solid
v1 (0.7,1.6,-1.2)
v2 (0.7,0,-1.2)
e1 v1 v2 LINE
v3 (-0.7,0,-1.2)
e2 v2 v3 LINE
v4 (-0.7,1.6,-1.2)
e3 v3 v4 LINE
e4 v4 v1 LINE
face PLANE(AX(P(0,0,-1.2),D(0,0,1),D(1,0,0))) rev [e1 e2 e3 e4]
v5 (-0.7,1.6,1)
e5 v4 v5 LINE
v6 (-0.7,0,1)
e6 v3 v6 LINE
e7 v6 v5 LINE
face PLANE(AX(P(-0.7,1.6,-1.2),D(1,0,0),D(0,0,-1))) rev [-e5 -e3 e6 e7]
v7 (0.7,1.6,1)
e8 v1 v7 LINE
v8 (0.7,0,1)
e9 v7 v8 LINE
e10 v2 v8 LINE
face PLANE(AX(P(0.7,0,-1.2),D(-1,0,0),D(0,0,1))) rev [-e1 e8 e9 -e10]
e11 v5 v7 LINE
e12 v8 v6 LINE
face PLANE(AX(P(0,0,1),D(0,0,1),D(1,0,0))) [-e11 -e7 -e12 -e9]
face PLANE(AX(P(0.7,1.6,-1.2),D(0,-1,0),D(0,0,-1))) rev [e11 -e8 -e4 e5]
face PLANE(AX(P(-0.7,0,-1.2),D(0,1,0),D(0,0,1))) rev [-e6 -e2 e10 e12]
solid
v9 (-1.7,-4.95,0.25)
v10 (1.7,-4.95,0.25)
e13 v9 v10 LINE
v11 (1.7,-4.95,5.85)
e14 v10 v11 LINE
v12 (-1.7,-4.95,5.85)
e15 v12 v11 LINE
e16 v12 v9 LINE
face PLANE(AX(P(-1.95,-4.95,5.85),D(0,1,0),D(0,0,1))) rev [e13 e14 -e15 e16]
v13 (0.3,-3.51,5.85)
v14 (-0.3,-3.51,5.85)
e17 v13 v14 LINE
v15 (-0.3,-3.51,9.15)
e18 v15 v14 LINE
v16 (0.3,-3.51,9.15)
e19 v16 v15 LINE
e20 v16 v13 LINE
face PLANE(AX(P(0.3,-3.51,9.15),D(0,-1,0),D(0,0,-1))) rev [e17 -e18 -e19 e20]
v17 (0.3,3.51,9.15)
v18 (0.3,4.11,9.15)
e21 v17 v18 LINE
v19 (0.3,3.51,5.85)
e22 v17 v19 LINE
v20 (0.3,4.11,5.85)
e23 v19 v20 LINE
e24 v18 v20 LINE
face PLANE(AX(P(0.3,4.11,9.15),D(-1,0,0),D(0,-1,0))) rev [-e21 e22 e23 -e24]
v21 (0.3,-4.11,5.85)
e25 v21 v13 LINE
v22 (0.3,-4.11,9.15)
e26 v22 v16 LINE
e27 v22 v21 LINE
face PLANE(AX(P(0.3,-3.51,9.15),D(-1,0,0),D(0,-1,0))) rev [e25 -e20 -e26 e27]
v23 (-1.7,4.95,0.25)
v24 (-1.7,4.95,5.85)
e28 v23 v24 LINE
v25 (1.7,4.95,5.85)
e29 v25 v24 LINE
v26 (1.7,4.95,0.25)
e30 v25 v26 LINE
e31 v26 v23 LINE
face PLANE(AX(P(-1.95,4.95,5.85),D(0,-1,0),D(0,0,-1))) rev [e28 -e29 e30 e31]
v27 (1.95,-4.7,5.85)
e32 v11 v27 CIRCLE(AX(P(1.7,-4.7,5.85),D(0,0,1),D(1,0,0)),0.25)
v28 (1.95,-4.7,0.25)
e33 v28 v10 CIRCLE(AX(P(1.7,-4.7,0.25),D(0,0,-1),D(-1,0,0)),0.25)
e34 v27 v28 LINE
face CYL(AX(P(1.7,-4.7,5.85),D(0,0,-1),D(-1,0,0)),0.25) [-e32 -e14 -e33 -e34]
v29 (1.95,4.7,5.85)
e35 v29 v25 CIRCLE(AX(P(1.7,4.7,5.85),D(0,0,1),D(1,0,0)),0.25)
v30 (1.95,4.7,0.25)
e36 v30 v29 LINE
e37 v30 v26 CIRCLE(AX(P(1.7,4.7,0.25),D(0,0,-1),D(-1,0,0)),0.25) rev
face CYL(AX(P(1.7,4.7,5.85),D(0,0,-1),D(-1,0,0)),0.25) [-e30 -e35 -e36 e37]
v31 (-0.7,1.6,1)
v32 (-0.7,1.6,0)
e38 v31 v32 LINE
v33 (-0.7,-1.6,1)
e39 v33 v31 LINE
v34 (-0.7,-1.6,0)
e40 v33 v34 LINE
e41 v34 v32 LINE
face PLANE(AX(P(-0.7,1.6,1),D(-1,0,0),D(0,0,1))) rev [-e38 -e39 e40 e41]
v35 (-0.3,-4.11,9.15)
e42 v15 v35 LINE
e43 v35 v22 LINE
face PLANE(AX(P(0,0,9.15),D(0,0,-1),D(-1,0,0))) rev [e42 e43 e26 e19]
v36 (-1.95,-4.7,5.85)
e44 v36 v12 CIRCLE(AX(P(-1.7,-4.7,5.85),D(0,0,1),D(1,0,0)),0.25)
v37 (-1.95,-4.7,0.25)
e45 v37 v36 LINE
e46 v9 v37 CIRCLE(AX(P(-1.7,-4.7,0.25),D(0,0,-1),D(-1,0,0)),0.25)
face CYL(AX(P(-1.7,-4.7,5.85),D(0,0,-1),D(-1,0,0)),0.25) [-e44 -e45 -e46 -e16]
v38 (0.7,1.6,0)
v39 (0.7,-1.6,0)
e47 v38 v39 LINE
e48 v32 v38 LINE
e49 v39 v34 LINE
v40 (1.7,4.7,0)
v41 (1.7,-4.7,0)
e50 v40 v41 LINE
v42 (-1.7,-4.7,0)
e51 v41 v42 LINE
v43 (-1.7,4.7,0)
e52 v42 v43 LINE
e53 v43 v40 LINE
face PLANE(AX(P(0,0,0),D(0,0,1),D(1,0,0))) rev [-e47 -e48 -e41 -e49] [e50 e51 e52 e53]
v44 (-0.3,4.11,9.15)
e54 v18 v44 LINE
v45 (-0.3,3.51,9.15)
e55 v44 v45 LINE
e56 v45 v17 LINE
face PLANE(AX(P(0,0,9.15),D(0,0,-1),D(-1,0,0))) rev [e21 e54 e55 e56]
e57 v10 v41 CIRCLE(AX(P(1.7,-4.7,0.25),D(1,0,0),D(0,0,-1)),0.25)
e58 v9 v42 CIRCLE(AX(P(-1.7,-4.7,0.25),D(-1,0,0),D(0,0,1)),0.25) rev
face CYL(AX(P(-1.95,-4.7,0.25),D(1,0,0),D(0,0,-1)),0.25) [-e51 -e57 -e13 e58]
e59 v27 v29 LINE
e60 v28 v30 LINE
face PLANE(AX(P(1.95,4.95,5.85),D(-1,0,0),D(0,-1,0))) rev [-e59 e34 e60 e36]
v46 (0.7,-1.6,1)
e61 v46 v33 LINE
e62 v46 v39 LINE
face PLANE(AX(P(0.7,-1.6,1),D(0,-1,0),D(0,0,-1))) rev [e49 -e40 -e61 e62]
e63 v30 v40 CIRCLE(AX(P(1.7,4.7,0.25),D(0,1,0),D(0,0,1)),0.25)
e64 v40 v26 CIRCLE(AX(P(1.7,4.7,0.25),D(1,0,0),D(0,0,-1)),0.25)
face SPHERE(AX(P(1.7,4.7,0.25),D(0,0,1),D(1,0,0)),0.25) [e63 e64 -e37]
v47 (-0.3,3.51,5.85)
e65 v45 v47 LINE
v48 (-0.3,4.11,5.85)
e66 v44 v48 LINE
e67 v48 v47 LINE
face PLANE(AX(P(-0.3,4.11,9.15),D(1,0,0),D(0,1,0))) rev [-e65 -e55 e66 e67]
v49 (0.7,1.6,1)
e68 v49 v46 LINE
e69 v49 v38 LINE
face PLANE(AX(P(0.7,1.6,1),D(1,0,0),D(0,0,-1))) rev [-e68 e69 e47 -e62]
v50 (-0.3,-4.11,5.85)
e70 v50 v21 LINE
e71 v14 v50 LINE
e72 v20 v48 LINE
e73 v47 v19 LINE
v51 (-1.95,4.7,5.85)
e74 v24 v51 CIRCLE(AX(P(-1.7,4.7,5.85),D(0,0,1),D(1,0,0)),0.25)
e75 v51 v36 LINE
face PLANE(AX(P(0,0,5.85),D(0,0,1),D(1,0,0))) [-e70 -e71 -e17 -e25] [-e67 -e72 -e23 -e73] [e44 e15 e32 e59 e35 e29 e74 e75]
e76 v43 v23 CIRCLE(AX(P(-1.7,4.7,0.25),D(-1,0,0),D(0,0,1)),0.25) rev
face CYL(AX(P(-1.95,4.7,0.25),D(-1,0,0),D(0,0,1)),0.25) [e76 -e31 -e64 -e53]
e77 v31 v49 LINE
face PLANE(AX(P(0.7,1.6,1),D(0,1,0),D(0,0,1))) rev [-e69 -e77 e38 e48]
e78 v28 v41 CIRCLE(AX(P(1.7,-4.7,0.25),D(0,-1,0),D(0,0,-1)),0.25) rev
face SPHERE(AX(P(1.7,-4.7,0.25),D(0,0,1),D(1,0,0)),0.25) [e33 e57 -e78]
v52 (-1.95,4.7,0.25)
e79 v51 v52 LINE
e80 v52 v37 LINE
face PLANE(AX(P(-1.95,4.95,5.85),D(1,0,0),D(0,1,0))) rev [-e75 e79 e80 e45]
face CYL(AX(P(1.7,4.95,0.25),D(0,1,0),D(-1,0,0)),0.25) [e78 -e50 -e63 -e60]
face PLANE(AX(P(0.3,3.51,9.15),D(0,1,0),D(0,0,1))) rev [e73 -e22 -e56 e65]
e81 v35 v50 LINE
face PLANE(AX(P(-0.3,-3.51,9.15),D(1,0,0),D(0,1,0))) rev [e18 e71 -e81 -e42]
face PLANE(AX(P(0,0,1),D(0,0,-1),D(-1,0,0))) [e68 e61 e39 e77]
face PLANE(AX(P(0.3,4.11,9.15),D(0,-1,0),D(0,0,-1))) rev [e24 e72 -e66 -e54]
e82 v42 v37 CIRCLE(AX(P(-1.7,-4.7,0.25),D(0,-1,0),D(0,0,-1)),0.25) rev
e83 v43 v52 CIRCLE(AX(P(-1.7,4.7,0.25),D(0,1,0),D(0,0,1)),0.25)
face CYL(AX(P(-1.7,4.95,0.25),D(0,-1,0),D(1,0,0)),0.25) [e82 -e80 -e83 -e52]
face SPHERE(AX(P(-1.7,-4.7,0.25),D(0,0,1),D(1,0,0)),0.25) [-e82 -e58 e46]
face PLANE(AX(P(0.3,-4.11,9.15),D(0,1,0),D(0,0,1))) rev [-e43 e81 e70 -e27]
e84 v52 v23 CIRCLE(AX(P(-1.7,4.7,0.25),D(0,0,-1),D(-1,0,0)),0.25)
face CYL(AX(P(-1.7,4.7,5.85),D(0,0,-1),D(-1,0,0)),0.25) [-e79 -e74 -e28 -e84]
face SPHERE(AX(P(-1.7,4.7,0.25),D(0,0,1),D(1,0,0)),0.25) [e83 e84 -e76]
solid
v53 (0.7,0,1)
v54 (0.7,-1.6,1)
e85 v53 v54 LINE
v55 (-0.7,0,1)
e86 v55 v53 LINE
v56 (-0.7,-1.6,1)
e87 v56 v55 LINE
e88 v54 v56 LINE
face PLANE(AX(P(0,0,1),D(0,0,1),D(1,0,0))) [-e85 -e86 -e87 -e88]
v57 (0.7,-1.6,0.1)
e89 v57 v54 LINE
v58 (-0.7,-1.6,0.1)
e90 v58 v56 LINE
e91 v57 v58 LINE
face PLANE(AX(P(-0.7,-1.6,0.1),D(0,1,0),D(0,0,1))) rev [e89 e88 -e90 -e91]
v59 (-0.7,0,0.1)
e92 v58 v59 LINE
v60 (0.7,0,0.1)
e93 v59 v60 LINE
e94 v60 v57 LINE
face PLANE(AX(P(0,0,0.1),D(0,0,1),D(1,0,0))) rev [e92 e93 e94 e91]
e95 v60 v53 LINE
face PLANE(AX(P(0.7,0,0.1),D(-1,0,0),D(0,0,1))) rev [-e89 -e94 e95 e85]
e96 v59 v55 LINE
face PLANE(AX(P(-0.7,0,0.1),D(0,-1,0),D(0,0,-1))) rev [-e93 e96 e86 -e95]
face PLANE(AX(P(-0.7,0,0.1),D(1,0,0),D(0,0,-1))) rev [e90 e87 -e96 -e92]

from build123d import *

# Parameters (mm, degrees)
IZIM1_W                     = 3.9
IZIM1_H                     = 9.9
Y_KSEKLIK_EKSTR_ZYON1_DEPTH = 5.85
IZIM3_W                     = 1.4
IZIM3_H                     = 3.2
KES_EKSTR_ZYON1_DEPTH       = 1
IZIM4_W                     = 1.4
IZIM4_H                     = 1.6
Y_KSEKLIK_EKSTR_ZYON2_DEPTH = 2.2
IZIM5_W                     = 1.4
IZIM5_H                     = 1.6
Y_KSEKLIK_EKSTR_ZYON3_DEPTH = 0.9
RADYUS1_R                   = 0.25
IZIM6_W                     = 0.6
IZIM6_H                     = 0.6
Y_KSEKLIK_EKSTR_ZYON4_DEPTH = 3.3


with BuildPart() as part:
    # Çizim1 → Yükseklik-Ekstrüzyon1 (new body)
    with BuildSketch(Plane.XY):
        Rectangle(IZIM1_W, IZIM1_H)
    extrude(amount=Y_KSEKLIK_EKSTR_ZYON1_DEPTH)

    # Çizim3 → Kes-Ekstrüzyon1 (cut)
    with BuildSketch(Plane(origin=(0, 0, 0), x_dir=(-1, 0, 0), z_dir=(0, 0, -1))):
        Rectangle(IZIM3_W, IZIM3_H)
    extrude(amount=-KES_EKSTR_ZYON1_DEPTH, mode=Mode.SUBTRACT)

    # Radyus1
    radyus1_edges = [part.edges().sort_by_distance(p)[0] for p in [
        (0, -4.95, 0),
        (-1.95, 0, 0),
        (0, 4.95, 0),
        (1.95, 0, 0),
        (1.95, -4.95, 2.925),
        (-1.95, -4.95, 2.925),
        (-1.95, 4.95, 2.925),
        (1.95, 4.95, 2.925),
    ]]
    fillet(radyus1_edges, radius=RADYUS1_R)

    # Çizim6 → Yükseklik-Ekstrüzyon4 (add)
    with BuildSketch(Plane.XY.offset(5.85)):
        with Locations((0, 3.81)):
            Rectangle(IZIM6_W, IZIM6_H)
        with Locations((0, -3.81)):
            Rectangle(IZIM6_W, IZIM6_H)
    extrude(amount=Y_KSEKLIK_EKSTR_ZYON4_DEPTH)


with BuildPart() as body_2:
    # Çizim4 → Yükseklik-Ekstrüzyon2 (new body)
    with BuildSketch(Plane(origin=(0, 0, 1), x_dir=(-1, 0, 0), z_dir=(0, 0, -1))):
        with Locations((0, 0.8)):
            Rectangle(IZIM4_W, IZIM4_H)
    extrude(amount=Y_KSEKLIK_EKSTR_ZYON2_DEPTH)


with BuildPart() as body_3:
    # Çizim5 → Yükseklik-Ekstrüzyon3 (new body)
    with BuildSketch(Plane(origin=(0, 0, 1), x_dir=(-1, 0, 0), z_dir=(0, 0, -1))):
        with Locations((0, -0.8)):
            Rectangle(IZIM5_W, IZIM5_H)
    extrude(amount=Y_KSEKLIK_EKSTR_ZYON3_DEPTH)


solid = Compound([part.part, body_2.part, body_3.part])
